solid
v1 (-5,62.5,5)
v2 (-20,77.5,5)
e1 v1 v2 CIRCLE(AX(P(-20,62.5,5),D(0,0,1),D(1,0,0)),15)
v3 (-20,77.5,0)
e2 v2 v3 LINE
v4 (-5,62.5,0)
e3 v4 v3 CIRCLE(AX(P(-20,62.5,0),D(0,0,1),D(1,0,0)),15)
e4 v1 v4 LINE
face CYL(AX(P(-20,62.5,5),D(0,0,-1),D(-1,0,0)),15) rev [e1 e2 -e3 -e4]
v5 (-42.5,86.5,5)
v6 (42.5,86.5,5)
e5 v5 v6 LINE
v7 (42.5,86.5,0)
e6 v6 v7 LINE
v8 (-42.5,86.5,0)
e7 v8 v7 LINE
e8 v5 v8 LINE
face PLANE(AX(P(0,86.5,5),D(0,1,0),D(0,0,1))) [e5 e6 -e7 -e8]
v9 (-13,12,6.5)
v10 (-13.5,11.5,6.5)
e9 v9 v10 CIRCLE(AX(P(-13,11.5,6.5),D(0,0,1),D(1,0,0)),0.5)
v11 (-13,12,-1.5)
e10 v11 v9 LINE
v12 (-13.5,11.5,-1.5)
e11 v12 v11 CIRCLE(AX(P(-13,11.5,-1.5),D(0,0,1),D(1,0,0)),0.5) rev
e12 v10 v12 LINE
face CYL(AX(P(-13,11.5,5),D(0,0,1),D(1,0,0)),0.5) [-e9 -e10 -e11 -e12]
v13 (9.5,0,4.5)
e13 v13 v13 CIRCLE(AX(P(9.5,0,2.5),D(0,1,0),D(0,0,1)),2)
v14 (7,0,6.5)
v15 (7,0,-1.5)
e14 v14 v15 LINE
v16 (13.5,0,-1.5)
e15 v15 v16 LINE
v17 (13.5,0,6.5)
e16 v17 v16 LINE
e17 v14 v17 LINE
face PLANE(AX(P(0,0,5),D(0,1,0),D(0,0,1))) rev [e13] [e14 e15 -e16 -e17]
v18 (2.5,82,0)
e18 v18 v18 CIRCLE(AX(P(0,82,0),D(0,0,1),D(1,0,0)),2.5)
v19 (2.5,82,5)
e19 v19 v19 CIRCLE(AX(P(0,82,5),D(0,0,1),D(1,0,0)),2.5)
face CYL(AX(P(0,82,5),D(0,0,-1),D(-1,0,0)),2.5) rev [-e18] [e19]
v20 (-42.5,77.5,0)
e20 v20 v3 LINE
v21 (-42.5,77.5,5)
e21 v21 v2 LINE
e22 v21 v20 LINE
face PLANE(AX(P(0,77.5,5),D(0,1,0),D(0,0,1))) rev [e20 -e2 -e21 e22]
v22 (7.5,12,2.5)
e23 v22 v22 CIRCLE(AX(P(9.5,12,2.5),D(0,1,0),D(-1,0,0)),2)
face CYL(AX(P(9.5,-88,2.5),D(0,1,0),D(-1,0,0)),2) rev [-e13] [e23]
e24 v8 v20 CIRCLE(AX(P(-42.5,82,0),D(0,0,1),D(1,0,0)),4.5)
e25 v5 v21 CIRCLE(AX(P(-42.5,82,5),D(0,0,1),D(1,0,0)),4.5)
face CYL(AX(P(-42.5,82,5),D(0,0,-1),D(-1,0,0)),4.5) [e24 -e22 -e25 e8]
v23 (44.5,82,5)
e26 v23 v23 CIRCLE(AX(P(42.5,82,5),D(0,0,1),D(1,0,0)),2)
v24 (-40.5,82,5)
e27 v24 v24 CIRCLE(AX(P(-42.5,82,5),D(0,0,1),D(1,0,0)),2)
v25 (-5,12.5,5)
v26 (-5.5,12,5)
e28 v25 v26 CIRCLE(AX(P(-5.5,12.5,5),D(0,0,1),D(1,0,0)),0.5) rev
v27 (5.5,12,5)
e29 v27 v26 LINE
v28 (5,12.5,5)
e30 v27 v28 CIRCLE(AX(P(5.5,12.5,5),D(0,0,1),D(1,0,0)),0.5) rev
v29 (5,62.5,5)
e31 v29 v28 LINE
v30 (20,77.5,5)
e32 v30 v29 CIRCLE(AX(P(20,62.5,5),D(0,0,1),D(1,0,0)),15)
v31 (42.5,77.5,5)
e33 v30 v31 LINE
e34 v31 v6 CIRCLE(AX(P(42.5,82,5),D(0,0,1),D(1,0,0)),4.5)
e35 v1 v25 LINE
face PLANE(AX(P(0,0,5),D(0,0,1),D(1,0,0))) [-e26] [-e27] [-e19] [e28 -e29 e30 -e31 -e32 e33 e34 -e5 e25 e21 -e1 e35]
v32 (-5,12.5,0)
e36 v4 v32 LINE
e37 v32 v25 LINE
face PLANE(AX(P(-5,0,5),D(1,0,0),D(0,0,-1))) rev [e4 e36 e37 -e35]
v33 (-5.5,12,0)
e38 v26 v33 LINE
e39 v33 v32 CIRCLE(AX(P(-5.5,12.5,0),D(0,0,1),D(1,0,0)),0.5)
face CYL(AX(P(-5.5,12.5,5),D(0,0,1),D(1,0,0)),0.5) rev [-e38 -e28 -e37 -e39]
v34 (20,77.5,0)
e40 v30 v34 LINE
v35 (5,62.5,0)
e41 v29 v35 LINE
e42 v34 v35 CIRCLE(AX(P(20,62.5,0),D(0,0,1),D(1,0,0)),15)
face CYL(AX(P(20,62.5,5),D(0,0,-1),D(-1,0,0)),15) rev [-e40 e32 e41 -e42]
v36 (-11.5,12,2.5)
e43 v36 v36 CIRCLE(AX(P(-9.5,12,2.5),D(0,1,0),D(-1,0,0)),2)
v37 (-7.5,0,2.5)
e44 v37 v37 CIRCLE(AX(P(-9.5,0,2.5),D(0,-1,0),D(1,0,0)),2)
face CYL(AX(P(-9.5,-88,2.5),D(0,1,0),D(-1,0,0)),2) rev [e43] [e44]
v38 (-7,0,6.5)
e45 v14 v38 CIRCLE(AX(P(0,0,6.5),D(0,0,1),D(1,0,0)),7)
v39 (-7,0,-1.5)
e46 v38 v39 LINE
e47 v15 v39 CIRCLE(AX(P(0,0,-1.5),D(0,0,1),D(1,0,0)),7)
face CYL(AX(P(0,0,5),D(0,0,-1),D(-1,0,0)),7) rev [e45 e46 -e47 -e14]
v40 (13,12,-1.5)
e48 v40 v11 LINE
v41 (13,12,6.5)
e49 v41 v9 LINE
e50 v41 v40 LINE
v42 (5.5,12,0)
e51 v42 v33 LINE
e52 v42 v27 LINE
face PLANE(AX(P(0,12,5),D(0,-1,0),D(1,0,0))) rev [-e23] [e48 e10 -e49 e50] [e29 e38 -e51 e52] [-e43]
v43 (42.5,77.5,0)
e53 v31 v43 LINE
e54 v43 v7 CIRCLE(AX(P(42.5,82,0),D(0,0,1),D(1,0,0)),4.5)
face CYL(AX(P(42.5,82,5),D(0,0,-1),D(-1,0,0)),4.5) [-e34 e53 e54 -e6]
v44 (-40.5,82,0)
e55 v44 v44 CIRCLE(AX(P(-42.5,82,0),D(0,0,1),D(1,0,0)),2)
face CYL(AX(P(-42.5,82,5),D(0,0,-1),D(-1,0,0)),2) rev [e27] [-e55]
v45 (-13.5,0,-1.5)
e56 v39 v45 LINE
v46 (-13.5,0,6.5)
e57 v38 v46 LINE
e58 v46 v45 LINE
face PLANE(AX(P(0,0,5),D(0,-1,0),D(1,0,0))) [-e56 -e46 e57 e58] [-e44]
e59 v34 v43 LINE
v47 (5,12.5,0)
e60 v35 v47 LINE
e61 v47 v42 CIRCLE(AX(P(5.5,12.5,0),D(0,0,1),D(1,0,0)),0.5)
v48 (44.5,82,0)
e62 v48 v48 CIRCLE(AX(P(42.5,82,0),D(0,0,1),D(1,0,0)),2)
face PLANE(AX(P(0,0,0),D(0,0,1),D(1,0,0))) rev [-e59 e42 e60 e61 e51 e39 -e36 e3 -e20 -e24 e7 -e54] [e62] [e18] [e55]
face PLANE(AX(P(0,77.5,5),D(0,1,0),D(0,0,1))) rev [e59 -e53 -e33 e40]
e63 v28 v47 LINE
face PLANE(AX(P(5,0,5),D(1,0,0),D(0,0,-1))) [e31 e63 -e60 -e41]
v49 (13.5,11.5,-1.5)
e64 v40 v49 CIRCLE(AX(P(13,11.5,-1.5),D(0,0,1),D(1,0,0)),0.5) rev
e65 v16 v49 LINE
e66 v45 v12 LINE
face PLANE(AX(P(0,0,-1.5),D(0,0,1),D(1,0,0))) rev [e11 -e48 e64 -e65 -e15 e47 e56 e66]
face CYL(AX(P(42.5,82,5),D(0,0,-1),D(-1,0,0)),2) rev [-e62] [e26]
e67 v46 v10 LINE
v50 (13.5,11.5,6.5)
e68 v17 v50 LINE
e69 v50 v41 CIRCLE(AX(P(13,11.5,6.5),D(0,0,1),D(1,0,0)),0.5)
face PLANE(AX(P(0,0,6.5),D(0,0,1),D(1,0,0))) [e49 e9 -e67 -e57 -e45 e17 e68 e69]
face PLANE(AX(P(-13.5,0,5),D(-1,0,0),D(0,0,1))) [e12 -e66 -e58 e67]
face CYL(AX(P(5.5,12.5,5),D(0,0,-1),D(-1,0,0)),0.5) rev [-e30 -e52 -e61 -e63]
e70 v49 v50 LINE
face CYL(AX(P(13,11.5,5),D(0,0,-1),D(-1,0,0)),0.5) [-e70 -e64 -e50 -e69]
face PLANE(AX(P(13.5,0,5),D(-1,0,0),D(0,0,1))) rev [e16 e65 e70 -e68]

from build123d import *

# Parameters (mm, degrees)
SKETCH1_R                = 2.5
SKETCH1_R_2              = 2
BOSS_EXTRUDE1_DEPTH      = 5
BOSS_EXTRUDE2_DEPTH      = 6.5
BOSS_EXTRUDE2_DEPTH_BACK = 1.5
SKETCH2_R                = 2
CUT_EXTRUDE1_DEPTH       = 100
FILLET1_R                = 0.5


with BuildPart() as part:
    # Sketch1 → Boss-Extrude1 (new body)
    with BuildSketch(Plane.XY):
        with BuildLine():
            Line((7, 0), (13.5, 0))
            Line((13.5, 0), (13.5, 12))
            Line((13.5, 12), (5, 12))
            Line((5, 12), (5, 62.5))
            ThreePointArc((5, 62.5), (9.393398312, 73.106601748), (20.000000086, 77.5))
            Line((20.000000086, 77.5), (42.5, 77.5))
            ThreePointArc((42.5, 77.5), (47, 82), (42.5, 86.5))
            Line((42.5, 86.5), (-42.5, 86.5))
            ThreePointArc((-42.5, 86.5), (-47, 82), (-42.5, 77.5))
            Line((-42.5, 77.5), (-20, 77.5))
            ThreePointArc((-20, 77.5), (-9.393398282, 73.106601718), (-5, 62.5))
            Line((-5, 62.5), (-5, 12))
            Line((-5, 12), (-13.5, 12))
            Line((-13.5, 12), (-13.5, 0))
            Line((-13.5, 0), (-7, 0))
            ThreePointArc((-7, 0), (0, 7), (7, 0))
        make_face()
        with Locations((0, 82)):
            Circle(SKETCH1_R, mode=Mode.SUBTRACT)
        with Locations((42.5, 82)):
            Circle(SKETCH1_R_2, mode=Mode.SUBTRACT)
        with Locations((-42.5, 82)):
            Circle(SKETCH1_R_2, mode=Mode.SUBTRACT)
    extrude(amount=BOSS_EXTRUDE1_DEPTH)

    # Sketch1<3> → Boss-Extrude2 (add, two sides: drawn at the far end of the back side and taken through both)
    with BuildSketch(Plane.XY.offset(-BOSS_EXTRUDE2_DEPTH_BACK)):
        with BuildLine():
            Line((7, 0), (13.5, 0))
            Line((13.5, 0), (13.5, 12))
            Line((13.5, 12), (-13.5, 12))
            Line((-13.5, 12), (-13.5, 0))
            Line((-13.5, 0), (-7, 0))
            ThreePointArc((-7, 0), (0, 7), (7, 0))
        make_face()
    extrude(amount=BOSS_EXTRUDE2_DEPTH + BOSS_EXTRUDE2_DEPTH_BACK)

    # Sketch2 → Cut-Extrude1 (cut)
    with BuildSketch(Plane(origin=(0, 12, 0), x_dir=(1, 0, 0), z_dir=(0, 1, 0))):
        with Locations((9.5, -2.5)):
            Circle(SKETCH2_R)
        with Locations((-9.5, -2.5)):
            Circle(SKETCH2_R)
    extrude(amount=-CUT_EXTRUDE1_DEPTH, mode=Mode.SUBTRACT)

    # Fillet1
    fillet1_edges = [part.edges().sort_by_distance(p)[0] for p in [
        (-13.5, 12, 2.5),
        (-5, 12, 2.5),
        (13.5, 12, 2.5),
        (5, 12, 2.5),
    ]]
    fillet(fillet1_edges, radius=FILLET1_R)


solid = part.part
